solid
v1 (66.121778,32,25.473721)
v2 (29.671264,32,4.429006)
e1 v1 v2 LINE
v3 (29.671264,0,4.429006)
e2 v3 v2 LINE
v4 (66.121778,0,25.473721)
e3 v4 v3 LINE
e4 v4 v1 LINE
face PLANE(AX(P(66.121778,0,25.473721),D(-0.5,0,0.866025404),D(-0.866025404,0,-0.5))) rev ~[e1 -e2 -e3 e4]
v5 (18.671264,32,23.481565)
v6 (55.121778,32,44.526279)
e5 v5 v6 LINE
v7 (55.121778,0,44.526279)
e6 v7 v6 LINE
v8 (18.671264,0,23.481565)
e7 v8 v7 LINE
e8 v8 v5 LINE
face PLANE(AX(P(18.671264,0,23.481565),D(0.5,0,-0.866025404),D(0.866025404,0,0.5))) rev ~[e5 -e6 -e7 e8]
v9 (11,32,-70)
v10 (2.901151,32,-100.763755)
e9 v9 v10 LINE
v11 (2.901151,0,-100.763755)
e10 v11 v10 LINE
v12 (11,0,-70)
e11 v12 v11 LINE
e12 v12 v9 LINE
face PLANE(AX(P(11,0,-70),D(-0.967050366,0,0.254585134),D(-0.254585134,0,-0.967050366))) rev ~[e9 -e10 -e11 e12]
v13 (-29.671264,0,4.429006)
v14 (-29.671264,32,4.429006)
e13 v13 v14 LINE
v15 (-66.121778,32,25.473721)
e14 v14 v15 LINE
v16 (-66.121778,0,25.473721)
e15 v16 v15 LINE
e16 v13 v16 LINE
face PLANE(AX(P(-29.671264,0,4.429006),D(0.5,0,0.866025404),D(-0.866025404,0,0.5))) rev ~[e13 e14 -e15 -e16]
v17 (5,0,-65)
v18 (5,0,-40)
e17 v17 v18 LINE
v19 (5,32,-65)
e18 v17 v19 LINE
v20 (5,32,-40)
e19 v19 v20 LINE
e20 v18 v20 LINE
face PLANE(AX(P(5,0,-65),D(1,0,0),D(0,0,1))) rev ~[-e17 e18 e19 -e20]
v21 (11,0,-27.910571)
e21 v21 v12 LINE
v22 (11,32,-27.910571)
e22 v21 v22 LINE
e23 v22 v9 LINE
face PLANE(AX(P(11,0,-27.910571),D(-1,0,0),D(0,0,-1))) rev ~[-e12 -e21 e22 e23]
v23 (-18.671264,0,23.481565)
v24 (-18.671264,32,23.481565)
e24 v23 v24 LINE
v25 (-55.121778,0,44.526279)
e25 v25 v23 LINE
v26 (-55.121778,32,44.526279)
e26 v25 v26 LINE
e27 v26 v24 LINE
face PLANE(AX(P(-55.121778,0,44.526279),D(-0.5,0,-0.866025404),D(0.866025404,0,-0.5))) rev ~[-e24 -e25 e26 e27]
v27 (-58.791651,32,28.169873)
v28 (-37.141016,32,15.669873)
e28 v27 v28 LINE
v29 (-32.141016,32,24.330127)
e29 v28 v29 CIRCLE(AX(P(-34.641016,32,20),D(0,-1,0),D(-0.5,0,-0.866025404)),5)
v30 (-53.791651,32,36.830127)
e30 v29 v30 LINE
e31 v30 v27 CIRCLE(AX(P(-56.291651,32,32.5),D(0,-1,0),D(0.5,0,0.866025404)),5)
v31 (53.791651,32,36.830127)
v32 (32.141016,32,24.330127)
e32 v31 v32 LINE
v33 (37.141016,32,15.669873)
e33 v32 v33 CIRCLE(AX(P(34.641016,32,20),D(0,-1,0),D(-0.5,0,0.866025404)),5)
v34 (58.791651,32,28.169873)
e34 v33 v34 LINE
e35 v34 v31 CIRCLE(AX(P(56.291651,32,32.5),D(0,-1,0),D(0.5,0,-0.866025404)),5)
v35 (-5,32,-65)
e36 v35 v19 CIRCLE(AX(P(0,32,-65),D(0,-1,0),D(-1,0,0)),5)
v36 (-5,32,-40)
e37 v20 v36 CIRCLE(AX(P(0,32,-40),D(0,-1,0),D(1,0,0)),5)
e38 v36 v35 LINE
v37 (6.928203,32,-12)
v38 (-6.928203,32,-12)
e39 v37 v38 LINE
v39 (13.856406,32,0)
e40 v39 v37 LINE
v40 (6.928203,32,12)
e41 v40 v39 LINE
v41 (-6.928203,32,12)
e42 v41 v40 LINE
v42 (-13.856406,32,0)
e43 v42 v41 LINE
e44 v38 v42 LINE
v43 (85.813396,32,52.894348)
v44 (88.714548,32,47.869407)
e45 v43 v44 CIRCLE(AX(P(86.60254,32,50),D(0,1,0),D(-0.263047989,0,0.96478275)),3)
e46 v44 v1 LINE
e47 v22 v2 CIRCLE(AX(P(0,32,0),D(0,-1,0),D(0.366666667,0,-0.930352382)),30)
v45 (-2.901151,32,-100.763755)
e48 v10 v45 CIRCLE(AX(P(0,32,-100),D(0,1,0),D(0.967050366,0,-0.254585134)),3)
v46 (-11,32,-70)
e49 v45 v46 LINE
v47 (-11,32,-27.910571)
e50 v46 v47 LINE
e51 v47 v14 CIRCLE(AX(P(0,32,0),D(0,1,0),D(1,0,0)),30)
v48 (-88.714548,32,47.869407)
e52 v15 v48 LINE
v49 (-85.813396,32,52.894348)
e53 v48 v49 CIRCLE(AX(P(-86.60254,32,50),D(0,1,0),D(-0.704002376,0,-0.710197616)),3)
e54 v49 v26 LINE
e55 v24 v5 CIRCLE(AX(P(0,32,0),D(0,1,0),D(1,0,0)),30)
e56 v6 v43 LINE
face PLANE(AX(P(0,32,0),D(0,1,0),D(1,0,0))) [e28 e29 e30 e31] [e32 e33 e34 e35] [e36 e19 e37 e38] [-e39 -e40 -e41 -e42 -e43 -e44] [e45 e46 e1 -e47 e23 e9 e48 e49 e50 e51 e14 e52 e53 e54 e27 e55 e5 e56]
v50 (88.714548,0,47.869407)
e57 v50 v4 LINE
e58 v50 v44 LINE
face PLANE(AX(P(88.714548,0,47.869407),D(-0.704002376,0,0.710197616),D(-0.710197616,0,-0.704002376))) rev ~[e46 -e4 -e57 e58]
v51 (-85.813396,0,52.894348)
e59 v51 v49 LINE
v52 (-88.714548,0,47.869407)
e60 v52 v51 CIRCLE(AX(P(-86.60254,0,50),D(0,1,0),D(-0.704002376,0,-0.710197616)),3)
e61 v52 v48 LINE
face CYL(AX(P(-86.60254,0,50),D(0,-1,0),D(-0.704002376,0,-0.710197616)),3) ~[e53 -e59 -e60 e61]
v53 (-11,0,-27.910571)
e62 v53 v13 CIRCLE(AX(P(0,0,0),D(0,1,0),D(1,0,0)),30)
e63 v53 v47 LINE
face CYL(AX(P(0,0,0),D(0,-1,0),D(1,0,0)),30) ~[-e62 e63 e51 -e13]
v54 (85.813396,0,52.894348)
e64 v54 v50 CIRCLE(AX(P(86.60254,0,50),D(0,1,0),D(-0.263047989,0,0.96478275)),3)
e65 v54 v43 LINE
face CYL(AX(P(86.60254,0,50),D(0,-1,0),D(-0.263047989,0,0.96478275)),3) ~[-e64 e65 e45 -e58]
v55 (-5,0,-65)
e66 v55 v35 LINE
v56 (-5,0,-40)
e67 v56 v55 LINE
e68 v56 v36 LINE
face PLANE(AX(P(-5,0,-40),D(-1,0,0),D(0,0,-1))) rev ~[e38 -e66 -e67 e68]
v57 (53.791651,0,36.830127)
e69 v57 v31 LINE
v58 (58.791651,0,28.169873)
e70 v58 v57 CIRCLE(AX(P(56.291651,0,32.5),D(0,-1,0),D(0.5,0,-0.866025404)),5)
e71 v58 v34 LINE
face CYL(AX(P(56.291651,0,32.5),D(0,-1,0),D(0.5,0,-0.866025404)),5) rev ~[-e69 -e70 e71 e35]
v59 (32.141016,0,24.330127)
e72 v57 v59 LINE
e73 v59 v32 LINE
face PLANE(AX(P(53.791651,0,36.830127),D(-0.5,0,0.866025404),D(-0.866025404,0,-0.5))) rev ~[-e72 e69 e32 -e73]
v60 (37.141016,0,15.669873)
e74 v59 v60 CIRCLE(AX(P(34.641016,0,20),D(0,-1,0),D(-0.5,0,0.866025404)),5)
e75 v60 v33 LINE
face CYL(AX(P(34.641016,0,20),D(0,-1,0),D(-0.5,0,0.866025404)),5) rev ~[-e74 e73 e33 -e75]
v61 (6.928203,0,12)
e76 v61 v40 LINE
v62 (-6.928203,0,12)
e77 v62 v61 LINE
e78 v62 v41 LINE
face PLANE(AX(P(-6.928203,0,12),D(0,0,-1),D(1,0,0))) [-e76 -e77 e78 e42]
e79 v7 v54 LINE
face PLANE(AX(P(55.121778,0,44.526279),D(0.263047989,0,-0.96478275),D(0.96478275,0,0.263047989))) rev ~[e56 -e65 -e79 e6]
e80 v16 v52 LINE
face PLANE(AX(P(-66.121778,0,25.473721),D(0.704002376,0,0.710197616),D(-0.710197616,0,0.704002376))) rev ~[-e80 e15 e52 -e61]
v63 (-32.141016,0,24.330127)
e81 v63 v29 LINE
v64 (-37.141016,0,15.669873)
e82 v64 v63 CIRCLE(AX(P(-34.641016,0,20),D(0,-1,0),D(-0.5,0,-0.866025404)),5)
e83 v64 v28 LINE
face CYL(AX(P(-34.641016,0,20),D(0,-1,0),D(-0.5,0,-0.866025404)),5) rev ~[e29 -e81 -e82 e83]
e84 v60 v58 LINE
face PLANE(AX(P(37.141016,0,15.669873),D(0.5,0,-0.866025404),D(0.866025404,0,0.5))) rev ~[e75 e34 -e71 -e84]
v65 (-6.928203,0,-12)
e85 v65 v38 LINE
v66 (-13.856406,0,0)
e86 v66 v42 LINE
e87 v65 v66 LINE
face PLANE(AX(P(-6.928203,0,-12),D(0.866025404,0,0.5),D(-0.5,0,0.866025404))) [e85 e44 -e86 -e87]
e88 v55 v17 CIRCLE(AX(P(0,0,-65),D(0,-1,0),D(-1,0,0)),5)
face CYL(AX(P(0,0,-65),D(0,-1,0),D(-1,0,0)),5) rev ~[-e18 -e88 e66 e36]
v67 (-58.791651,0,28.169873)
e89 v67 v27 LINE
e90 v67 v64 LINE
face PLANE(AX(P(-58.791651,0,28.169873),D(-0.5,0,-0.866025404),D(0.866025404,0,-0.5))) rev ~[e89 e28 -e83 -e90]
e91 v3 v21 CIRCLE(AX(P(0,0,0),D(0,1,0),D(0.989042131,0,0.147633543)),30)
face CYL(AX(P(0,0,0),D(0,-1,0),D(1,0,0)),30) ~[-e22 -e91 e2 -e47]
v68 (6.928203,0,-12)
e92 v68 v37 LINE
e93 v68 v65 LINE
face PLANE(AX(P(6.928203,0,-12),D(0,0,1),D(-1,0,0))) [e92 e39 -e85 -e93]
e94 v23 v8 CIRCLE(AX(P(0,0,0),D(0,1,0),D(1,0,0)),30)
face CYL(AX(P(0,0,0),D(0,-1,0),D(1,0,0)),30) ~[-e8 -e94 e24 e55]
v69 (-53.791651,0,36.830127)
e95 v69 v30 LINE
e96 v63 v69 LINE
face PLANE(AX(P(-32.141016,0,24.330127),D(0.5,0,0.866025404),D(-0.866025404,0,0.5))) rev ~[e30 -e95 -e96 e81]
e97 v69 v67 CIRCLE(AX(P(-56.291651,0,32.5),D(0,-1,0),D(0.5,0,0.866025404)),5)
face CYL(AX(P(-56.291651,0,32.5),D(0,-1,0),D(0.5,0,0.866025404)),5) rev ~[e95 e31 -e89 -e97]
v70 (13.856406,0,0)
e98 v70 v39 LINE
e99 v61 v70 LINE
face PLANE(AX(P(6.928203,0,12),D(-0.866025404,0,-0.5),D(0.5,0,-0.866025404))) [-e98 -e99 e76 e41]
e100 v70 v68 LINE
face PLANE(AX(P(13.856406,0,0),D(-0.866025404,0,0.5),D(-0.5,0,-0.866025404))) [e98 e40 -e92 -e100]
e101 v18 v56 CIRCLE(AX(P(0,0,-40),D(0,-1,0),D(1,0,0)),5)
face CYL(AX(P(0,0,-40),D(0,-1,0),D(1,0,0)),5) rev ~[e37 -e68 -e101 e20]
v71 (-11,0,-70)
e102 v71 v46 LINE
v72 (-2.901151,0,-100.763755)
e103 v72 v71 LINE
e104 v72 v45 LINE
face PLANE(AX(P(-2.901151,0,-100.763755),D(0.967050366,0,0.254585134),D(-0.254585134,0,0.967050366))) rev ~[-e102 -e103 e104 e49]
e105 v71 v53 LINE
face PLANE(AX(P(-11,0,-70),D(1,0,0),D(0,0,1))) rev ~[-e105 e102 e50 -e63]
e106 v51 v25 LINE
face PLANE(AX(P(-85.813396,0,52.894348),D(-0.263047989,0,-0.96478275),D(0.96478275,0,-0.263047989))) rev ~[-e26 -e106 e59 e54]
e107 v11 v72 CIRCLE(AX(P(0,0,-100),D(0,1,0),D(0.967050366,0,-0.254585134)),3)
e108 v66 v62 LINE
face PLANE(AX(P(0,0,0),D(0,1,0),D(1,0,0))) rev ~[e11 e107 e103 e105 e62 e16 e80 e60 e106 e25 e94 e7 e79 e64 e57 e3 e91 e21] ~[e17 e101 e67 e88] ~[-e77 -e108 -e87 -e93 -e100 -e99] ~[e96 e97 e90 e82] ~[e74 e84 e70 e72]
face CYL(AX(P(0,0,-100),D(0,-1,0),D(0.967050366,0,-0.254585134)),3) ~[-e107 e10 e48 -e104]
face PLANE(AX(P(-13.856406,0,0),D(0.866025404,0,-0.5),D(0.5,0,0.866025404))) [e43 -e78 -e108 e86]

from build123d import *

# Parameters (mm, degrees)
SKETCH1_R           = 30
BOSS_EXTRUDE1_DEPTH = 32


with BuildPart() as part:
    # Sketch1 → Boss-Extrude1 (new body)
    # profile 1 of 4: a face of its own
    with BuildSketch(Plane(origin=(0, 0, 0), x_dir=(1, 0, 0), z_dir=(0, 1, 0))):
        with BuildLine():
            Line((11, 27.910571474), (11, 70))
            Line((11, 70), (2.901151097, 100.763755402))
            ThreePointArc((2.901151097, 100.763755402), (0, 103), (-2.901151097, 100.763755402))
            Line((-2.901151097, 100.763755402), (-11, 70))
            Line((-11, 70), (-11, 27.910571474))
            ThreePointArc((-11, 27.910571474), (0, 30), (11, 27.910571474))
        make_face()
        with BuildLine():
            ThreePointArc((5, 40), (0, 35), (-5, 40))
            Line((-5, 40), (-5, 65))
            ThreePointArc((-5, 65), (0, 70), (5, 65))
            Line((5, 65), (5, 40))
        make_face(mode=Mode.SUBTRACT)
    # profile 2 of 4: a face of its own
    with BuildSketch(Plane(origin=(0, 0, 0), x_dir=(1, 0, 0), z_dir=(0, 1, 0))):
        Circle(SKETCH1_R)
        Polygon((6.92820323, -12), (13.856406461, 0), (6.92820323, 12), (-6.92820323, 12), (-13.856406461, 0), (-6.92820323, -12), align=None, mode=Mode.SUBTRACT)
    # profile 3 of 4: a face of its own
    with BuildSketch(Plane(origin=(0, 0, 0), x_dir=(1, 0, 0), z_dir=(0, 1, 0))):
        with BuildLine():
            Line((66.121778265, -25.473720558), (29.671263931, -4.429006295))
            ThreePointArc((29.671263931, -4.429006295), (25.980762114, -15), (18.671263931, -23.481565179))
            Line((18.671263931, -23.481565179), (55.121778265, -44.526279442))
            Line((55.121778265, -44.526279442), (85.813396411, -52.894348251))
            ThreePointArc((85.813396411, -52.894348251), (89.20061659, -51.5), (88.714547507, -47.869407151))
            Line((88.714547507, -47.869407151), (66.121778265, -25.473720558))
        make_face()
        with BuildLine():
            ThreePointArc((32.141016151, -24.330127019), (30.310889132, -17.5), (37.141016151, -15.669872981))
            Line((37.141016151, -15.669872981), (58.791651246, -28.169872981))
            ThreePointArc((58.791651246, -28.169872981), (60.621778265, -35), (53.791651246, -36.830127019))
            Line((53.791651246, -36.830127019), (32.141016151, -24.330127019))
        make_face(mode=Mode.SUBTRACT)
    # profile 4 of 4: a face of its own
    with BuildSketch(Plane(origin=(0, 0, 0), x_dir=(1, 0, 0), z_dir=(0, 1, 0))):
        with BuildLine():
            ThreePointArc((-18.671263931, -23.481565179), (-25.980762114, -15), (-29.671263931, -4.429006295))
            Line((-29.671263931, -4.429006295), (-66.121778265, -25.473720558))
            Line((-66.121778265, -25.473720558), (-88.714547507, -47.869407151))
            ThreePointArc((-88.714547507, -47.869407151), (-89.20061659, -51.5), (-85.813396411, -52.894348251))
            Line((-85.813396411, -52.894348251), (-55.121778265, -44.526279442))
            Line((-55.121778265, -44.526279442), (-18.671263931, -23.481565179))
        make_face()
        with BuildLine():
            ThreePointArc((-37.141016151, -15.669872981), (-30.310889132, -17.5), (-32.141016151, -24.330127019))
            Line((-32.141016151, -24.330127019), (-53.791651246, -36.830127019))
            ThreePointArc((-53.791651246, -36.830127019), (-60.621778265, -35), (-58.791651246, -28.169872981))
            Line((-58.791651246, -28.169872981), (-37.141016151, -15.669872981))
        make_face(mode=Mode.SUBTRACT)
    extrude(amount=BOSS_EXTRUDE1_DEPTH)


solid = part.part
